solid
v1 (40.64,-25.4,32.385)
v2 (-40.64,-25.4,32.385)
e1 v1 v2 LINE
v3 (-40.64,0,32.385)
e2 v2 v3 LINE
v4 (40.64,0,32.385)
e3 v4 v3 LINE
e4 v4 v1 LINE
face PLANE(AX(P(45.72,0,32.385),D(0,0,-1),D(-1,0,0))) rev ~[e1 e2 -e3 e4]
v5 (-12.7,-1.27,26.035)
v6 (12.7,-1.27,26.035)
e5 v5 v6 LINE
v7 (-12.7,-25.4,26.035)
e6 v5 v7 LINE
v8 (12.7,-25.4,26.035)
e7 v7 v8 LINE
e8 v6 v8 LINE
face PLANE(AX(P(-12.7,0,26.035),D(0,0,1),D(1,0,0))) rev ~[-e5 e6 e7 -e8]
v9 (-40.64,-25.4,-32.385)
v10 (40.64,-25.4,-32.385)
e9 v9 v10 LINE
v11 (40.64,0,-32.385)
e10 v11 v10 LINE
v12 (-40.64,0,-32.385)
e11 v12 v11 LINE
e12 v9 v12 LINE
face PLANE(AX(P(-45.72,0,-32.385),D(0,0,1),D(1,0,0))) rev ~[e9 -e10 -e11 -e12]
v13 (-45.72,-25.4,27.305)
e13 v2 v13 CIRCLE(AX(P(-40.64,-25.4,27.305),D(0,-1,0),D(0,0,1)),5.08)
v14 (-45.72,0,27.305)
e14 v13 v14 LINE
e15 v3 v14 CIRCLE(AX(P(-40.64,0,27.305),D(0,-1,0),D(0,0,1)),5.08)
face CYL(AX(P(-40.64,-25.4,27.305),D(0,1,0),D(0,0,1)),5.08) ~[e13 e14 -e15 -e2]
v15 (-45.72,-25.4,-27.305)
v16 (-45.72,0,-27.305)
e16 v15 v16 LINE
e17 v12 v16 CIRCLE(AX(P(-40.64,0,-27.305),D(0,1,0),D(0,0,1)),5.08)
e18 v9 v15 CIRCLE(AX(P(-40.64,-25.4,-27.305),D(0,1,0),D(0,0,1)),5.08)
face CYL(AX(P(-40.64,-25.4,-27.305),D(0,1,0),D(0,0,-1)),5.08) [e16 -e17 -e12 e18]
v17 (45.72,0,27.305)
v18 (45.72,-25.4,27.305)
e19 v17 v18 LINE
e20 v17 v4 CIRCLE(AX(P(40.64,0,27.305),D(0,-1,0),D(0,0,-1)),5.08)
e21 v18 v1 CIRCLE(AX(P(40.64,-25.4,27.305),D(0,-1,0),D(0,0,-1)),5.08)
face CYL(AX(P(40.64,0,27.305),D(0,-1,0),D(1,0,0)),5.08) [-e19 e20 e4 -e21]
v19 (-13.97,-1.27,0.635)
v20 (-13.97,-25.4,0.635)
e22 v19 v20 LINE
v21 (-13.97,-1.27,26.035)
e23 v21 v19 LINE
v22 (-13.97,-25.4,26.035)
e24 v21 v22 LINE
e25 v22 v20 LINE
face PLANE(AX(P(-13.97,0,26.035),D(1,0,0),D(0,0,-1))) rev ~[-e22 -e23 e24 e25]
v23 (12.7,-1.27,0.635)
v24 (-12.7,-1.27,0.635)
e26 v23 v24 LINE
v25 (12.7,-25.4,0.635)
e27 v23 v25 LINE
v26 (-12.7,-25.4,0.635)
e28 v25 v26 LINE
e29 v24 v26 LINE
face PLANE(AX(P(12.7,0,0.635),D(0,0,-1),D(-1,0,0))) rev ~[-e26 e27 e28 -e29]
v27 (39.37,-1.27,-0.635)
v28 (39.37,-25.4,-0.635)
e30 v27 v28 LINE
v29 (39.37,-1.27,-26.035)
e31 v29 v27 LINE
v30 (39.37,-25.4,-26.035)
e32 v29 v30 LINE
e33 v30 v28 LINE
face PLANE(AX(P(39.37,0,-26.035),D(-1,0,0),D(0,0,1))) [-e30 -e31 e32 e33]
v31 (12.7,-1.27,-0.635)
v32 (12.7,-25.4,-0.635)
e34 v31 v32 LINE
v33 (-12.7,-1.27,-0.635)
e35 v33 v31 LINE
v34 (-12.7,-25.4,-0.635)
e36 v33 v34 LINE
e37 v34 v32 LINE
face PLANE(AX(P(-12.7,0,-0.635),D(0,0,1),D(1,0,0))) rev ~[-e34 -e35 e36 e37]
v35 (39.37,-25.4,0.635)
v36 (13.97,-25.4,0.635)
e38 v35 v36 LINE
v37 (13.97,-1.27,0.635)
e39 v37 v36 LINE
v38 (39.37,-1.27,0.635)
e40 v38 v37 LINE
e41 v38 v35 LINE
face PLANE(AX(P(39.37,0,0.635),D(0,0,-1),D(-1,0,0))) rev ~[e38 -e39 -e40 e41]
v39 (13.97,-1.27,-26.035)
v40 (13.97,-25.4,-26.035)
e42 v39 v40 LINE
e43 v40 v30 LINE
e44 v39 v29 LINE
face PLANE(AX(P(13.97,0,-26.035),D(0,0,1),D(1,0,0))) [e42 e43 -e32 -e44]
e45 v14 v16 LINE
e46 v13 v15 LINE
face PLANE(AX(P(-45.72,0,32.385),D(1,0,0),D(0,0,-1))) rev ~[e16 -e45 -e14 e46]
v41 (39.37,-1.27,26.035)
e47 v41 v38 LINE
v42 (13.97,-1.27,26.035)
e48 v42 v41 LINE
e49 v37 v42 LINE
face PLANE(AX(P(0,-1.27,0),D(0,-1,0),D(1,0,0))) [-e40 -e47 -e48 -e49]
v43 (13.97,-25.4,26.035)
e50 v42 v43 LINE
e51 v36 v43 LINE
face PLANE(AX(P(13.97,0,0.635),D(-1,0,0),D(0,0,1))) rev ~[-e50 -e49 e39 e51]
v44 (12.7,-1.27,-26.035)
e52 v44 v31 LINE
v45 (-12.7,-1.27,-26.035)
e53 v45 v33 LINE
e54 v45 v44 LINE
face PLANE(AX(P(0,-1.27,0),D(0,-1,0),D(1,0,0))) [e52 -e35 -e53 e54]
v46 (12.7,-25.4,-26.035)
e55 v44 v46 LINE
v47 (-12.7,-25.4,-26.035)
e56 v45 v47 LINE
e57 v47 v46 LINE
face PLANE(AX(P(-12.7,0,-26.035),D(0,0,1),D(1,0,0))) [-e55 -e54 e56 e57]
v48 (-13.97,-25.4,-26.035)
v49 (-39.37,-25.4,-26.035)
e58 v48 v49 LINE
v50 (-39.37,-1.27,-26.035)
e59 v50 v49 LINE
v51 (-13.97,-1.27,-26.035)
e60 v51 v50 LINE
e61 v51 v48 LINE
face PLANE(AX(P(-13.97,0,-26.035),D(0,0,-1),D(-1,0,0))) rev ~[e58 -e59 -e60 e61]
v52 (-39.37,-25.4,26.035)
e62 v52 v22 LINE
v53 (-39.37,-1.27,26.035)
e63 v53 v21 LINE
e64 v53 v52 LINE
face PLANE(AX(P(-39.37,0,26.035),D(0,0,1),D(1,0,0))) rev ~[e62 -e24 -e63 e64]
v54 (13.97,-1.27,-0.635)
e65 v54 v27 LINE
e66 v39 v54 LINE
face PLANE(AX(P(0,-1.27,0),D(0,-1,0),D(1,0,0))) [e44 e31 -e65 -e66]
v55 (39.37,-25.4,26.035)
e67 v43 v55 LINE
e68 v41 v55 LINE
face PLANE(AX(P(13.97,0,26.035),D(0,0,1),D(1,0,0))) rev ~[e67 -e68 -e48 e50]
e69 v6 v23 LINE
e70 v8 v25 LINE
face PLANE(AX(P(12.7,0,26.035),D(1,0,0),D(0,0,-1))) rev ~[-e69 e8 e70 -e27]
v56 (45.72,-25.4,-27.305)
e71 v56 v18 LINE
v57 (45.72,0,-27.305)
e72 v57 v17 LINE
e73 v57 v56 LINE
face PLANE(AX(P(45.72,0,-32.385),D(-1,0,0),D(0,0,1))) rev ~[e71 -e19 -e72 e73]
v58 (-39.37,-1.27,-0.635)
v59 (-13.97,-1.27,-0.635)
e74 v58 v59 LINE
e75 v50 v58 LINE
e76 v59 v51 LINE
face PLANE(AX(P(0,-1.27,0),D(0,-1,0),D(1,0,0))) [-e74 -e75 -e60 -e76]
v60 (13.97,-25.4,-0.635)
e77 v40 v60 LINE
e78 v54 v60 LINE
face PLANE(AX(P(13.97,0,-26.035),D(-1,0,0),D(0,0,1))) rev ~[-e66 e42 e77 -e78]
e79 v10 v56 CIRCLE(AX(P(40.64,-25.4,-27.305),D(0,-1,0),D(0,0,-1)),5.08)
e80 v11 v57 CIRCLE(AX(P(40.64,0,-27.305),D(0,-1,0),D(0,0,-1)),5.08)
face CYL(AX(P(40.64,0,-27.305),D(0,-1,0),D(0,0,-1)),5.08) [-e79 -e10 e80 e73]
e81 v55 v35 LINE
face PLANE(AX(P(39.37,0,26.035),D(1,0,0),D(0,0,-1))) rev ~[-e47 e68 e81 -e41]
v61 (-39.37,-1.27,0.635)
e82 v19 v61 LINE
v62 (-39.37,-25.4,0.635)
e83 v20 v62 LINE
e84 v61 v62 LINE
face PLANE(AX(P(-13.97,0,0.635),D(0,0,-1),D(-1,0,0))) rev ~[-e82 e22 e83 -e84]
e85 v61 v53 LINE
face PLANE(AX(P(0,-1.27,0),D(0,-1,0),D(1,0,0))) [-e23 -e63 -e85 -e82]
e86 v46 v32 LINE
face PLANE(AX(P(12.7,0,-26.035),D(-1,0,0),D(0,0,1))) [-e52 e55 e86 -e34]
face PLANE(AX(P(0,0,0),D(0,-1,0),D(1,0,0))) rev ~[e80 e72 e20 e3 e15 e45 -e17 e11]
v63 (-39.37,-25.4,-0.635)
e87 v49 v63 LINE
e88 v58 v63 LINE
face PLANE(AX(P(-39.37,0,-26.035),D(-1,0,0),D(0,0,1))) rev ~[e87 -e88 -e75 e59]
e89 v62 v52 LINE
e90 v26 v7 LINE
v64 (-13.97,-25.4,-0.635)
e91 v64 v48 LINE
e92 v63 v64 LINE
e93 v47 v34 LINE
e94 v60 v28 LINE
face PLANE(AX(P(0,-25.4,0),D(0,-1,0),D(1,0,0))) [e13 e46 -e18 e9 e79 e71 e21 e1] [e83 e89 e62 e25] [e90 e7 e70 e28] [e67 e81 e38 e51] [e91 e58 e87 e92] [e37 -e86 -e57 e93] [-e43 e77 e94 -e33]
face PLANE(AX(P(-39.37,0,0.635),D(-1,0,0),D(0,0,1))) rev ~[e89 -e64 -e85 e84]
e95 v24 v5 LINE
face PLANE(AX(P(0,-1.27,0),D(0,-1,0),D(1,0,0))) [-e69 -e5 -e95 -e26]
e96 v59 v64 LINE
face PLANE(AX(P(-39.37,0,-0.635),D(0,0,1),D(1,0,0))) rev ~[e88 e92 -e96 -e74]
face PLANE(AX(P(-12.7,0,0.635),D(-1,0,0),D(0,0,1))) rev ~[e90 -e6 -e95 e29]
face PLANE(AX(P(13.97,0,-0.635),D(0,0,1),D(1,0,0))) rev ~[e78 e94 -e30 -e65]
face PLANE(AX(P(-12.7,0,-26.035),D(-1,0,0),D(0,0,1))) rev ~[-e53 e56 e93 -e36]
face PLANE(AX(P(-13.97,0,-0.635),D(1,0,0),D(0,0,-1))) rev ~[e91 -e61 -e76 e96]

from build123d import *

# Parameters (mm, degrees)
F0_W     = 25.4
F0_H     = 25.4
F1_DEPTH = 25.4
F2_W     = 91.44
F2_H     = 64.77
F3_DEPTH = 1.27
F4_R     = 5.08


with BuildPart() as f1:
    # F0 (on Front) → F1 (new body)
    with BuildSketch(Plane.XZ):
        Polygon((-45.72, -32.385), (45.72, -32.385), (45.72, 32.385), (-38.428448, 32.385), (-45.72, 32.385), (-45.72, 27.392585), align=None)
        Polygon((-39.37, -0.635), (-36.457758, -0.635), (-13.97, -0.635), (-13.97, -26.035), (-39.37, -26.035), align=None, mode=Mode.SUBTRACT)
        with Locations((0, -13.335)):
            Rectangle(F0_W, F0_H, mode=Mode.SUBTRACT)
        with Locations((26.67, -13.335)):
            Rectangle(F0_W, F0_H, mode=Mode.SUBTRACT)
        Polygon((-39.37, 26.035), (-38.428448, 26.035), (-13.97, 26.035), (-13.97, 13.335), (-13.97, 0.635), (-36.457758, 0.635), (-39.37, 0.635), align=None, mode=Mode.SUBTRACT)
        Polygon((-12.7, 0.635), (-12.7, 13.335), (-12.7, 26.035), (12.7, 26.035), (12.7, 15.568449), (12.7, 0.635), align=None, mode=Mode.SUBTRACT)
        Polygon((13.97, 0.635), (13.97, 15.568449), (13.97, 26.035), (39.37, 26.035), (39.37, 0.635), align=None, mode=Mode.SUBTRACT)
    extrude(amount=F1_DEPTH)

    # F2 (on Front) → F3 (join)
    with BuildSketch(Plane.XZ):
        Rectangle(F2_W, F2_H)
    extrude(amount=F3_DEPTH)

    # F4
    f4_edges = [f1.edges().sort_by_distance(p)[0] for p in [
        (-45.72, -12.7, 32.385),
        (45.72, -12.7, 32.385),
        (-45.72, -12.7, -32.385),
        (45.72, -12.7, -32.385),
    ]]
    fillet(f4_edges, radius=F4_R)


solid = f1.part
